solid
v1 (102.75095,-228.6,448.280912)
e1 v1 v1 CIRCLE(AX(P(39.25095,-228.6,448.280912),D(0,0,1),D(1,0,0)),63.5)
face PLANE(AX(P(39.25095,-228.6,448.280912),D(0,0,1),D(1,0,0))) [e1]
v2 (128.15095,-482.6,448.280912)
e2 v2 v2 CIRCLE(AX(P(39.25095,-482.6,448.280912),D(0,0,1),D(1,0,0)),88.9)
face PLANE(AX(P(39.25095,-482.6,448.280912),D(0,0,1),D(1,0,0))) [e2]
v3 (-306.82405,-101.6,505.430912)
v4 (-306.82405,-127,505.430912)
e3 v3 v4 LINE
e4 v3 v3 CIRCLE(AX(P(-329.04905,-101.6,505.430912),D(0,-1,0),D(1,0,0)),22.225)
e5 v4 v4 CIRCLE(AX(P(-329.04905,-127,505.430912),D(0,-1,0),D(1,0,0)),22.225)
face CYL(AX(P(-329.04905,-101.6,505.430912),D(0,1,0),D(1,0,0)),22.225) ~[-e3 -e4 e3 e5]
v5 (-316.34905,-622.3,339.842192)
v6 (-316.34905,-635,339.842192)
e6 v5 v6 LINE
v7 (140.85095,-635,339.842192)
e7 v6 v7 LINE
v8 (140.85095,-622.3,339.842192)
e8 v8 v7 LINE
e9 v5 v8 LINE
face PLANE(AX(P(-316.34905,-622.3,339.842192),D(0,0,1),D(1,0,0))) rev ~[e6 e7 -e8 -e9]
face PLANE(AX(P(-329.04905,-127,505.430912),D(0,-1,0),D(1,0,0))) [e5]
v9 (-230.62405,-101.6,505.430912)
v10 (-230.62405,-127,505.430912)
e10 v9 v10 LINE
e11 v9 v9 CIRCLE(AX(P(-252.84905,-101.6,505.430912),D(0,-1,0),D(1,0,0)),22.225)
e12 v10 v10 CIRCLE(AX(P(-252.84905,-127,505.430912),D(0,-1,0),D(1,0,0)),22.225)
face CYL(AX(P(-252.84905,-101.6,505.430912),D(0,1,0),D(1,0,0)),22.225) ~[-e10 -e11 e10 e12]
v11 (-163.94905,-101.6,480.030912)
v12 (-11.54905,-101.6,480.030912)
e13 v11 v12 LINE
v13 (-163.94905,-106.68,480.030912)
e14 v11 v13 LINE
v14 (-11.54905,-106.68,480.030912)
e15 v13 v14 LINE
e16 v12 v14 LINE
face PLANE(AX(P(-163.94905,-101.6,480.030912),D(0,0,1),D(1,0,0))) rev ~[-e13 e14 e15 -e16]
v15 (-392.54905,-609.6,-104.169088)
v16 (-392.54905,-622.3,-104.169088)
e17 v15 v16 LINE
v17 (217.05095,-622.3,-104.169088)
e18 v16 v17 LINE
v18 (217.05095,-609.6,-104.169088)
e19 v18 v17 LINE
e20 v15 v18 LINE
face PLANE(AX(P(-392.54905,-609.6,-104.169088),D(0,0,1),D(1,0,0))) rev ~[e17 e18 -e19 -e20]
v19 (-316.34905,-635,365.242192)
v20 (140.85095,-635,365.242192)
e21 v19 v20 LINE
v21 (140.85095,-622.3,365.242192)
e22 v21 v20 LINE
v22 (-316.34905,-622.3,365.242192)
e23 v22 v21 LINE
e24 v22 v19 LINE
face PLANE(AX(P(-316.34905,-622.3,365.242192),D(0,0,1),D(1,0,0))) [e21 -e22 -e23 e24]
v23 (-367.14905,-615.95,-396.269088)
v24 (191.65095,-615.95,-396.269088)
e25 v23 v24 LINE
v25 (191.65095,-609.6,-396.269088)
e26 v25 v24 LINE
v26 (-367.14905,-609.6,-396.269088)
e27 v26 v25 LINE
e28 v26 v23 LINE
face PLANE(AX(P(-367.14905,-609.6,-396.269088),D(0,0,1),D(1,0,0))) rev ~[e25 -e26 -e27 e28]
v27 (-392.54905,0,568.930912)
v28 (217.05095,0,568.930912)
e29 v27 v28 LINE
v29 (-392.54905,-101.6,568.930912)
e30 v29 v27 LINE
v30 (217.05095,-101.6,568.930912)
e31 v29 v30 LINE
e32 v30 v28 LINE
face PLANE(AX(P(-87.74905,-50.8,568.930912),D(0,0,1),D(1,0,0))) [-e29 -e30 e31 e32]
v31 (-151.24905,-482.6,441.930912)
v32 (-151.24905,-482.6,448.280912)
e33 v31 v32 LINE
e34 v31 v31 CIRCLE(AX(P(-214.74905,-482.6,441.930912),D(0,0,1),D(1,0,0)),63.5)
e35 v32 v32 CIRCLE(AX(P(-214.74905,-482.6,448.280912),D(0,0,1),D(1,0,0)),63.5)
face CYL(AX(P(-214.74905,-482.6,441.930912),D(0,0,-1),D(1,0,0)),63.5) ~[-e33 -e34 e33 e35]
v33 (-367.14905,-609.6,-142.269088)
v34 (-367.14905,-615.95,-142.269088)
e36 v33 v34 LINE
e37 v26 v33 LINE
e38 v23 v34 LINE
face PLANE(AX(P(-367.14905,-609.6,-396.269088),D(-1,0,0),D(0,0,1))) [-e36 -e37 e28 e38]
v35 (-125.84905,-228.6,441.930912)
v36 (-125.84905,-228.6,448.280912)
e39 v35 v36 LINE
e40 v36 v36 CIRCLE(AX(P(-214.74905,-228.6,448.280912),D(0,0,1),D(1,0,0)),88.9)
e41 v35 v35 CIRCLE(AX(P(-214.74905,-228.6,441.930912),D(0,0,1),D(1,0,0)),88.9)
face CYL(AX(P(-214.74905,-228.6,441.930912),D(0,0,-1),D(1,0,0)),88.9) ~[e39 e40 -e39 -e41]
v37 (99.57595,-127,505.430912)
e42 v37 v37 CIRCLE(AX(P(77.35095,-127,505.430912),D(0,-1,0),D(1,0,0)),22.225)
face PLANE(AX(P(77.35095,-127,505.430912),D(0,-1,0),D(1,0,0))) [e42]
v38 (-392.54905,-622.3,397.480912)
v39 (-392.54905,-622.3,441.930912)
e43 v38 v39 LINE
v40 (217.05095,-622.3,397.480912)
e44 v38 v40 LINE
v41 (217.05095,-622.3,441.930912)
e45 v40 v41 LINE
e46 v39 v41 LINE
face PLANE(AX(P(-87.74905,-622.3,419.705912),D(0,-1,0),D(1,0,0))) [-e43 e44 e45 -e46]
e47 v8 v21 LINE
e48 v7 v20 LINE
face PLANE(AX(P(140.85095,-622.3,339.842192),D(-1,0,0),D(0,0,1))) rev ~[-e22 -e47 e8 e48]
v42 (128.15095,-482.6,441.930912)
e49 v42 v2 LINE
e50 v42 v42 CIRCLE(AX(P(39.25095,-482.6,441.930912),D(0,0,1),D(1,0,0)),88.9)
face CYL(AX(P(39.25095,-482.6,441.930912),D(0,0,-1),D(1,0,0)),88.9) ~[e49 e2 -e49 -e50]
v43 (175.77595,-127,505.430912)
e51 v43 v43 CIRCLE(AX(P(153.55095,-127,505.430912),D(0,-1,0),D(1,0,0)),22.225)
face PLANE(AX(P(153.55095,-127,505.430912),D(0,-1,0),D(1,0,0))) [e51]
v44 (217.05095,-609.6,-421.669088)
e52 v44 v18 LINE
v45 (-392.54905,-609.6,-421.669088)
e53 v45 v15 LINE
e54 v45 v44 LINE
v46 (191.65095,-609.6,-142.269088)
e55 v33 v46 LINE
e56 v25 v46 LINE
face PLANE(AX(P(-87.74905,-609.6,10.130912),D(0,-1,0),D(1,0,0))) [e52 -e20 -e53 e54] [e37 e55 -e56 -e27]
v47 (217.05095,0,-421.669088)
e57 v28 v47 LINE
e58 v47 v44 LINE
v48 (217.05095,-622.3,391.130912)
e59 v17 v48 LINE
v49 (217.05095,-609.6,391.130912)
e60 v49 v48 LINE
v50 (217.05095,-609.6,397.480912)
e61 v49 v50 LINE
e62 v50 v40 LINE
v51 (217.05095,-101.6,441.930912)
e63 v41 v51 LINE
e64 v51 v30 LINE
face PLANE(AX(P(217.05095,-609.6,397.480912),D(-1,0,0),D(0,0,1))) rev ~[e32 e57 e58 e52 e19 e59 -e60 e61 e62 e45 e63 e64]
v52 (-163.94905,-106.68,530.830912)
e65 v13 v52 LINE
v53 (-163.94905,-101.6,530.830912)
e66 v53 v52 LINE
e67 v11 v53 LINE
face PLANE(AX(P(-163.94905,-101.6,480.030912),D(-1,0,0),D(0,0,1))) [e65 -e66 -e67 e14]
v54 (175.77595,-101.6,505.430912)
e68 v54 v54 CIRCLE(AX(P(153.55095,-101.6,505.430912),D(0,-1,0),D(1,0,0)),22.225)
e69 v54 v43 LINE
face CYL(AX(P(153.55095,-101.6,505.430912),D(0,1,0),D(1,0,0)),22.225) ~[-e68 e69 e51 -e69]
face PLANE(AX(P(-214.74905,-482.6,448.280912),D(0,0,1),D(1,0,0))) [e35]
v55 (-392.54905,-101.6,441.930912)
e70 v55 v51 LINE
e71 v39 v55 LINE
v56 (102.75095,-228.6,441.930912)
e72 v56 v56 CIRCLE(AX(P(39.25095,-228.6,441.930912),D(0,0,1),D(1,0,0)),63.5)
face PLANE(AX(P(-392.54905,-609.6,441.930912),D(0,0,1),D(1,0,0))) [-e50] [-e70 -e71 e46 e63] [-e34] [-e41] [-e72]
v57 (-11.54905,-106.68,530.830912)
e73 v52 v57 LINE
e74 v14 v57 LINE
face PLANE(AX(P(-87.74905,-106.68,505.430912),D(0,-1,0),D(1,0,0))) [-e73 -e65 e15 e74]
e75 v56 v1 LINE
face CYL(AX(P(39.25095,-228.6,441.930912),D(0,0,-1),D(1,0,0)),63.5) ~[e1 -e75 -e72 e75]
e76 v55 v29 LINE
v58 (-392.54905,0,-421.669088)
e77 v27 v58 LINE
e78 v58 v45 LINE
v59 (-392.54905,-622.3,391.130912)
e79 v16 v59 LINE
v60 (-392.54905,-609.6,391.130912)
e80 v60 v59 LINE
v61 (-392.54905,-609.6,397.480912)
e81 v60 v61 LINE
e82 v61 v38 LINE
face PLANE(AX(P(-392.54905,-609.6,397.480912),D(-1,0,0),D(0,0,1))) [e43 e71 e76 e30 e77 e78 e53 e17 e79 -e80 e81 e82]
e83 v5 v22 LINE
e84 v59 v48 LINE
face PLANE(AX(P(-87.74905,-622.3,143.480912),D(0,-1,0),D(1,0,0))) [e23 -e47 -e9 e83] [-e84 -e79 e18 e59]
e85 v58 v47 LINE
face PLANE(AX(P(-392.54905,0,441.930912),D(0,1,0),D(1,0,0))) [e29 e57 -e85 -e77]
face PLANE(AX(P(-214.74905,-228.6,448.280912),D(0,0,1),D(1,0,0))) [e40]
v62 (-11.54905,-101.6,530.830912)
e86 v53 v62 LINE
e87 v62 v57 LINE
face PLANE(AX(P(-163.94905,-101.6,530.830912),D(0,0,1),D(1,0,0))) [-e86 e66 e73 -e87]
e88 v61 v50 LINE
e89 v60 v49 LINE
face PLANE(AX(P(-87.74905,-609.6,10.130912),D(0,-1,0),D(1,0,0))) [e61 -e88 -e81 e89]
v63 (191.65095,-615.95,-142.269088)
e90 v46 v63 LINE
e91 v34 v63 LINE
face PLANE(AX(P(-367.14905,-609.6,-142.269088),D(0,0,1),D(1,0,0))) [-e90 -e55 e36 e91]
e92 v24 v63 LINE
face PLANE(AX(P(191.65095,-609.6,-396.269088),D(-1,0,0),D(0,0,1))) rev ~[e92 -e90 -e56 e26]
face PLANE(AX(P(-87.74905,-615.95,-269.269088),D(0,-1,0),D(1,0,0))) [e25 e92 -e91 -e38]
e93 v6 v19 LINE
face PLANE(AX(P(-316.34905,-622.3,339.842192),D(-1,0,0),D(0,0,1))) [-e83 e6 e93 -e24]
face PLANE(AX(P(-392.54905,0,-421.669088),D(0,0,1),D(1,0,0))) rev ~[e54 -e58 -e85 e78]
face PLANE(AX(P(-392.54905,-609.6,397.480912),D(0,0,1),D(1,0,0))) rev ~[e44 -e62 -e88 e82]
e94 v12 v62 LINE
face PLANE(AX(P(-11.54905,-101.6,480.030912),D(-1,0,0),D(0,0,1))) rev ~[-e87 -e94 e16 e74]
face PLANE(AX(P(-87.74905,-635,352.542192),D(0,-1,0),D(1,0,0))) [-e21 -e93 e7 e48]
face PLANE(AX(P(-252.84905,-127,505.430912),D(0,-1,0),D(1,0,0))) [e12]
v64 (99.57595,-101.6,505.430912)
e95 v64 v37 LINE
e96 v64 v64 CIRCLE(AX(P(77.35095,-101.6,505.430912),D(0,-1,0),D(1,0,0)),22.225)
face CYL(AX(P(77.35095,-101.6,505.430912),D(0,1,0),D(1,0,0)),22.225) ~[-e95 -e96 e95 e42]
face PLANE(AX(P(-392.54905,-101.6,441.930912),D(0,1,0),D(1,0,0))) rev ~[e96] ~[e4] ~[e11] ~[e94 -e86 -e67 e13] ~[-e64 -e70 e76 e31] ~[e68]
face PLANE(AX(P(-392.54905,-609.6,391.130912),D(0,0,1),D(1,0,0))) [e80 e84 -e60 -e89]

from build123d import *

# Parameters (mm, degrees)
F0_W      = 609.6
F0_H      = 863.6
F1_DEPTH  = 609.6
F2_W      = 609.6
F2_H      = 101.6
F3_DEPTH  = 127
F4_R      = 88.9
F4_R_2    = 63.5
F5_DEPTH  = 6.35
F6_W      = 558.8
F6_H      = 254
F7_DEPTH  = 6.35
F8_W      = 609.6
F8_H      = 495.3
F8_H_2    = 44.45
F9_DEPTH  = 12.7
F10_W     = 457.2
F10_H     = 25.4
F11_DEPTH = 12.7
F12_W     = 152.4
F12_H     = 50.8
F13_DEPTH = 5.08
F14_R     = 22.225
F15_DEPTH = 25.4


with BuildPart() as f1:
    # F0 (on Front) → F1 (new body)
    with BuildSketch(Plane.XZ):
        with Locations((-87.74905, 10.130912)):
            Rectangle(F0_W, F0_H)
    extrude(amount=F1_DEPTH)

    # F2 (on face) → F3 (join)
    with BuildSketch(Plane.XY.offset(441.930912)):
        with Locations((-87.74905, -50.8)):
            Rectangle(F2_W, F2_H)
    extrude(amount=F3_DEPTH)

    # F4 (on face) → F5 (join)
    with BuildSketch(Plane.XY.offset(441.930912)):
        with Locations((-214.74905, -228.6)):
            Circle(F4_R)
        with Locations((-214.74905, -482.6)):
            Circle(F4_R_2)
        with Locations((39.25095, -482.6)):
            Circle(F4_R)
        with Locations((39.25095, -228.6)):
            Circle(F4_R_2)
    extrude(amount=F5_DEPTH)

    # F6 (on face) → F7 (join)
    with BuildSketch(Plane.XZ.offset(609.6)):
        with Locations((-87.74905, -269.269088)):
            Rectangle(F6_W, F6_H)
    extrude(amount=F7_DEPTH)

    # F8 (on face) → F9 (join)
    with BuildSketch(Plane.XZ.offset(609.6)):
        with Locations((-87.74905, 143.480912)):
            Rectangle(F8_W, F8_H)
        with Locations((-87.74905, 419.705912)):
            Rectangle(F8_W, F8_H_2)
    extrude(amount=F9_DEPTH)

    # F10 (on face) → F11 (join)
    with BuildSketch(Plane.XZ.offset(622.3)):
        with Locations((-87.74905, 352.542192)):
            Rectangle(F10_W, F10_H)
    extrude(amount=F11_DEPTH)

    # F12 (on face) → F13 (join)
    with BuildSketch(Plane.XZ.offset(101.6)):
        with Locations((-87.74905, 505.430912)):
            Rectangle(F12_W, F12_H)
    extrude(amount=F13_DEPTH)

    # F14 (on face) → F15 (join)
    with BuildSketch(Plane.XZ.offset(101.6)):
        with Locations((-329.04905, 505.430912)):
            Circle(F14_R)
        with Locations((-252.84905, 505.430912)):
            Circle(F14_R)
        with Locations((77.35095, 505.430912)):
            Circle(F14_R)
        with Locations((153.55095, 505.430912)):
            Circle(F14_R)
    extrude(amount=F15_DEPTH)


solid = f1.part
